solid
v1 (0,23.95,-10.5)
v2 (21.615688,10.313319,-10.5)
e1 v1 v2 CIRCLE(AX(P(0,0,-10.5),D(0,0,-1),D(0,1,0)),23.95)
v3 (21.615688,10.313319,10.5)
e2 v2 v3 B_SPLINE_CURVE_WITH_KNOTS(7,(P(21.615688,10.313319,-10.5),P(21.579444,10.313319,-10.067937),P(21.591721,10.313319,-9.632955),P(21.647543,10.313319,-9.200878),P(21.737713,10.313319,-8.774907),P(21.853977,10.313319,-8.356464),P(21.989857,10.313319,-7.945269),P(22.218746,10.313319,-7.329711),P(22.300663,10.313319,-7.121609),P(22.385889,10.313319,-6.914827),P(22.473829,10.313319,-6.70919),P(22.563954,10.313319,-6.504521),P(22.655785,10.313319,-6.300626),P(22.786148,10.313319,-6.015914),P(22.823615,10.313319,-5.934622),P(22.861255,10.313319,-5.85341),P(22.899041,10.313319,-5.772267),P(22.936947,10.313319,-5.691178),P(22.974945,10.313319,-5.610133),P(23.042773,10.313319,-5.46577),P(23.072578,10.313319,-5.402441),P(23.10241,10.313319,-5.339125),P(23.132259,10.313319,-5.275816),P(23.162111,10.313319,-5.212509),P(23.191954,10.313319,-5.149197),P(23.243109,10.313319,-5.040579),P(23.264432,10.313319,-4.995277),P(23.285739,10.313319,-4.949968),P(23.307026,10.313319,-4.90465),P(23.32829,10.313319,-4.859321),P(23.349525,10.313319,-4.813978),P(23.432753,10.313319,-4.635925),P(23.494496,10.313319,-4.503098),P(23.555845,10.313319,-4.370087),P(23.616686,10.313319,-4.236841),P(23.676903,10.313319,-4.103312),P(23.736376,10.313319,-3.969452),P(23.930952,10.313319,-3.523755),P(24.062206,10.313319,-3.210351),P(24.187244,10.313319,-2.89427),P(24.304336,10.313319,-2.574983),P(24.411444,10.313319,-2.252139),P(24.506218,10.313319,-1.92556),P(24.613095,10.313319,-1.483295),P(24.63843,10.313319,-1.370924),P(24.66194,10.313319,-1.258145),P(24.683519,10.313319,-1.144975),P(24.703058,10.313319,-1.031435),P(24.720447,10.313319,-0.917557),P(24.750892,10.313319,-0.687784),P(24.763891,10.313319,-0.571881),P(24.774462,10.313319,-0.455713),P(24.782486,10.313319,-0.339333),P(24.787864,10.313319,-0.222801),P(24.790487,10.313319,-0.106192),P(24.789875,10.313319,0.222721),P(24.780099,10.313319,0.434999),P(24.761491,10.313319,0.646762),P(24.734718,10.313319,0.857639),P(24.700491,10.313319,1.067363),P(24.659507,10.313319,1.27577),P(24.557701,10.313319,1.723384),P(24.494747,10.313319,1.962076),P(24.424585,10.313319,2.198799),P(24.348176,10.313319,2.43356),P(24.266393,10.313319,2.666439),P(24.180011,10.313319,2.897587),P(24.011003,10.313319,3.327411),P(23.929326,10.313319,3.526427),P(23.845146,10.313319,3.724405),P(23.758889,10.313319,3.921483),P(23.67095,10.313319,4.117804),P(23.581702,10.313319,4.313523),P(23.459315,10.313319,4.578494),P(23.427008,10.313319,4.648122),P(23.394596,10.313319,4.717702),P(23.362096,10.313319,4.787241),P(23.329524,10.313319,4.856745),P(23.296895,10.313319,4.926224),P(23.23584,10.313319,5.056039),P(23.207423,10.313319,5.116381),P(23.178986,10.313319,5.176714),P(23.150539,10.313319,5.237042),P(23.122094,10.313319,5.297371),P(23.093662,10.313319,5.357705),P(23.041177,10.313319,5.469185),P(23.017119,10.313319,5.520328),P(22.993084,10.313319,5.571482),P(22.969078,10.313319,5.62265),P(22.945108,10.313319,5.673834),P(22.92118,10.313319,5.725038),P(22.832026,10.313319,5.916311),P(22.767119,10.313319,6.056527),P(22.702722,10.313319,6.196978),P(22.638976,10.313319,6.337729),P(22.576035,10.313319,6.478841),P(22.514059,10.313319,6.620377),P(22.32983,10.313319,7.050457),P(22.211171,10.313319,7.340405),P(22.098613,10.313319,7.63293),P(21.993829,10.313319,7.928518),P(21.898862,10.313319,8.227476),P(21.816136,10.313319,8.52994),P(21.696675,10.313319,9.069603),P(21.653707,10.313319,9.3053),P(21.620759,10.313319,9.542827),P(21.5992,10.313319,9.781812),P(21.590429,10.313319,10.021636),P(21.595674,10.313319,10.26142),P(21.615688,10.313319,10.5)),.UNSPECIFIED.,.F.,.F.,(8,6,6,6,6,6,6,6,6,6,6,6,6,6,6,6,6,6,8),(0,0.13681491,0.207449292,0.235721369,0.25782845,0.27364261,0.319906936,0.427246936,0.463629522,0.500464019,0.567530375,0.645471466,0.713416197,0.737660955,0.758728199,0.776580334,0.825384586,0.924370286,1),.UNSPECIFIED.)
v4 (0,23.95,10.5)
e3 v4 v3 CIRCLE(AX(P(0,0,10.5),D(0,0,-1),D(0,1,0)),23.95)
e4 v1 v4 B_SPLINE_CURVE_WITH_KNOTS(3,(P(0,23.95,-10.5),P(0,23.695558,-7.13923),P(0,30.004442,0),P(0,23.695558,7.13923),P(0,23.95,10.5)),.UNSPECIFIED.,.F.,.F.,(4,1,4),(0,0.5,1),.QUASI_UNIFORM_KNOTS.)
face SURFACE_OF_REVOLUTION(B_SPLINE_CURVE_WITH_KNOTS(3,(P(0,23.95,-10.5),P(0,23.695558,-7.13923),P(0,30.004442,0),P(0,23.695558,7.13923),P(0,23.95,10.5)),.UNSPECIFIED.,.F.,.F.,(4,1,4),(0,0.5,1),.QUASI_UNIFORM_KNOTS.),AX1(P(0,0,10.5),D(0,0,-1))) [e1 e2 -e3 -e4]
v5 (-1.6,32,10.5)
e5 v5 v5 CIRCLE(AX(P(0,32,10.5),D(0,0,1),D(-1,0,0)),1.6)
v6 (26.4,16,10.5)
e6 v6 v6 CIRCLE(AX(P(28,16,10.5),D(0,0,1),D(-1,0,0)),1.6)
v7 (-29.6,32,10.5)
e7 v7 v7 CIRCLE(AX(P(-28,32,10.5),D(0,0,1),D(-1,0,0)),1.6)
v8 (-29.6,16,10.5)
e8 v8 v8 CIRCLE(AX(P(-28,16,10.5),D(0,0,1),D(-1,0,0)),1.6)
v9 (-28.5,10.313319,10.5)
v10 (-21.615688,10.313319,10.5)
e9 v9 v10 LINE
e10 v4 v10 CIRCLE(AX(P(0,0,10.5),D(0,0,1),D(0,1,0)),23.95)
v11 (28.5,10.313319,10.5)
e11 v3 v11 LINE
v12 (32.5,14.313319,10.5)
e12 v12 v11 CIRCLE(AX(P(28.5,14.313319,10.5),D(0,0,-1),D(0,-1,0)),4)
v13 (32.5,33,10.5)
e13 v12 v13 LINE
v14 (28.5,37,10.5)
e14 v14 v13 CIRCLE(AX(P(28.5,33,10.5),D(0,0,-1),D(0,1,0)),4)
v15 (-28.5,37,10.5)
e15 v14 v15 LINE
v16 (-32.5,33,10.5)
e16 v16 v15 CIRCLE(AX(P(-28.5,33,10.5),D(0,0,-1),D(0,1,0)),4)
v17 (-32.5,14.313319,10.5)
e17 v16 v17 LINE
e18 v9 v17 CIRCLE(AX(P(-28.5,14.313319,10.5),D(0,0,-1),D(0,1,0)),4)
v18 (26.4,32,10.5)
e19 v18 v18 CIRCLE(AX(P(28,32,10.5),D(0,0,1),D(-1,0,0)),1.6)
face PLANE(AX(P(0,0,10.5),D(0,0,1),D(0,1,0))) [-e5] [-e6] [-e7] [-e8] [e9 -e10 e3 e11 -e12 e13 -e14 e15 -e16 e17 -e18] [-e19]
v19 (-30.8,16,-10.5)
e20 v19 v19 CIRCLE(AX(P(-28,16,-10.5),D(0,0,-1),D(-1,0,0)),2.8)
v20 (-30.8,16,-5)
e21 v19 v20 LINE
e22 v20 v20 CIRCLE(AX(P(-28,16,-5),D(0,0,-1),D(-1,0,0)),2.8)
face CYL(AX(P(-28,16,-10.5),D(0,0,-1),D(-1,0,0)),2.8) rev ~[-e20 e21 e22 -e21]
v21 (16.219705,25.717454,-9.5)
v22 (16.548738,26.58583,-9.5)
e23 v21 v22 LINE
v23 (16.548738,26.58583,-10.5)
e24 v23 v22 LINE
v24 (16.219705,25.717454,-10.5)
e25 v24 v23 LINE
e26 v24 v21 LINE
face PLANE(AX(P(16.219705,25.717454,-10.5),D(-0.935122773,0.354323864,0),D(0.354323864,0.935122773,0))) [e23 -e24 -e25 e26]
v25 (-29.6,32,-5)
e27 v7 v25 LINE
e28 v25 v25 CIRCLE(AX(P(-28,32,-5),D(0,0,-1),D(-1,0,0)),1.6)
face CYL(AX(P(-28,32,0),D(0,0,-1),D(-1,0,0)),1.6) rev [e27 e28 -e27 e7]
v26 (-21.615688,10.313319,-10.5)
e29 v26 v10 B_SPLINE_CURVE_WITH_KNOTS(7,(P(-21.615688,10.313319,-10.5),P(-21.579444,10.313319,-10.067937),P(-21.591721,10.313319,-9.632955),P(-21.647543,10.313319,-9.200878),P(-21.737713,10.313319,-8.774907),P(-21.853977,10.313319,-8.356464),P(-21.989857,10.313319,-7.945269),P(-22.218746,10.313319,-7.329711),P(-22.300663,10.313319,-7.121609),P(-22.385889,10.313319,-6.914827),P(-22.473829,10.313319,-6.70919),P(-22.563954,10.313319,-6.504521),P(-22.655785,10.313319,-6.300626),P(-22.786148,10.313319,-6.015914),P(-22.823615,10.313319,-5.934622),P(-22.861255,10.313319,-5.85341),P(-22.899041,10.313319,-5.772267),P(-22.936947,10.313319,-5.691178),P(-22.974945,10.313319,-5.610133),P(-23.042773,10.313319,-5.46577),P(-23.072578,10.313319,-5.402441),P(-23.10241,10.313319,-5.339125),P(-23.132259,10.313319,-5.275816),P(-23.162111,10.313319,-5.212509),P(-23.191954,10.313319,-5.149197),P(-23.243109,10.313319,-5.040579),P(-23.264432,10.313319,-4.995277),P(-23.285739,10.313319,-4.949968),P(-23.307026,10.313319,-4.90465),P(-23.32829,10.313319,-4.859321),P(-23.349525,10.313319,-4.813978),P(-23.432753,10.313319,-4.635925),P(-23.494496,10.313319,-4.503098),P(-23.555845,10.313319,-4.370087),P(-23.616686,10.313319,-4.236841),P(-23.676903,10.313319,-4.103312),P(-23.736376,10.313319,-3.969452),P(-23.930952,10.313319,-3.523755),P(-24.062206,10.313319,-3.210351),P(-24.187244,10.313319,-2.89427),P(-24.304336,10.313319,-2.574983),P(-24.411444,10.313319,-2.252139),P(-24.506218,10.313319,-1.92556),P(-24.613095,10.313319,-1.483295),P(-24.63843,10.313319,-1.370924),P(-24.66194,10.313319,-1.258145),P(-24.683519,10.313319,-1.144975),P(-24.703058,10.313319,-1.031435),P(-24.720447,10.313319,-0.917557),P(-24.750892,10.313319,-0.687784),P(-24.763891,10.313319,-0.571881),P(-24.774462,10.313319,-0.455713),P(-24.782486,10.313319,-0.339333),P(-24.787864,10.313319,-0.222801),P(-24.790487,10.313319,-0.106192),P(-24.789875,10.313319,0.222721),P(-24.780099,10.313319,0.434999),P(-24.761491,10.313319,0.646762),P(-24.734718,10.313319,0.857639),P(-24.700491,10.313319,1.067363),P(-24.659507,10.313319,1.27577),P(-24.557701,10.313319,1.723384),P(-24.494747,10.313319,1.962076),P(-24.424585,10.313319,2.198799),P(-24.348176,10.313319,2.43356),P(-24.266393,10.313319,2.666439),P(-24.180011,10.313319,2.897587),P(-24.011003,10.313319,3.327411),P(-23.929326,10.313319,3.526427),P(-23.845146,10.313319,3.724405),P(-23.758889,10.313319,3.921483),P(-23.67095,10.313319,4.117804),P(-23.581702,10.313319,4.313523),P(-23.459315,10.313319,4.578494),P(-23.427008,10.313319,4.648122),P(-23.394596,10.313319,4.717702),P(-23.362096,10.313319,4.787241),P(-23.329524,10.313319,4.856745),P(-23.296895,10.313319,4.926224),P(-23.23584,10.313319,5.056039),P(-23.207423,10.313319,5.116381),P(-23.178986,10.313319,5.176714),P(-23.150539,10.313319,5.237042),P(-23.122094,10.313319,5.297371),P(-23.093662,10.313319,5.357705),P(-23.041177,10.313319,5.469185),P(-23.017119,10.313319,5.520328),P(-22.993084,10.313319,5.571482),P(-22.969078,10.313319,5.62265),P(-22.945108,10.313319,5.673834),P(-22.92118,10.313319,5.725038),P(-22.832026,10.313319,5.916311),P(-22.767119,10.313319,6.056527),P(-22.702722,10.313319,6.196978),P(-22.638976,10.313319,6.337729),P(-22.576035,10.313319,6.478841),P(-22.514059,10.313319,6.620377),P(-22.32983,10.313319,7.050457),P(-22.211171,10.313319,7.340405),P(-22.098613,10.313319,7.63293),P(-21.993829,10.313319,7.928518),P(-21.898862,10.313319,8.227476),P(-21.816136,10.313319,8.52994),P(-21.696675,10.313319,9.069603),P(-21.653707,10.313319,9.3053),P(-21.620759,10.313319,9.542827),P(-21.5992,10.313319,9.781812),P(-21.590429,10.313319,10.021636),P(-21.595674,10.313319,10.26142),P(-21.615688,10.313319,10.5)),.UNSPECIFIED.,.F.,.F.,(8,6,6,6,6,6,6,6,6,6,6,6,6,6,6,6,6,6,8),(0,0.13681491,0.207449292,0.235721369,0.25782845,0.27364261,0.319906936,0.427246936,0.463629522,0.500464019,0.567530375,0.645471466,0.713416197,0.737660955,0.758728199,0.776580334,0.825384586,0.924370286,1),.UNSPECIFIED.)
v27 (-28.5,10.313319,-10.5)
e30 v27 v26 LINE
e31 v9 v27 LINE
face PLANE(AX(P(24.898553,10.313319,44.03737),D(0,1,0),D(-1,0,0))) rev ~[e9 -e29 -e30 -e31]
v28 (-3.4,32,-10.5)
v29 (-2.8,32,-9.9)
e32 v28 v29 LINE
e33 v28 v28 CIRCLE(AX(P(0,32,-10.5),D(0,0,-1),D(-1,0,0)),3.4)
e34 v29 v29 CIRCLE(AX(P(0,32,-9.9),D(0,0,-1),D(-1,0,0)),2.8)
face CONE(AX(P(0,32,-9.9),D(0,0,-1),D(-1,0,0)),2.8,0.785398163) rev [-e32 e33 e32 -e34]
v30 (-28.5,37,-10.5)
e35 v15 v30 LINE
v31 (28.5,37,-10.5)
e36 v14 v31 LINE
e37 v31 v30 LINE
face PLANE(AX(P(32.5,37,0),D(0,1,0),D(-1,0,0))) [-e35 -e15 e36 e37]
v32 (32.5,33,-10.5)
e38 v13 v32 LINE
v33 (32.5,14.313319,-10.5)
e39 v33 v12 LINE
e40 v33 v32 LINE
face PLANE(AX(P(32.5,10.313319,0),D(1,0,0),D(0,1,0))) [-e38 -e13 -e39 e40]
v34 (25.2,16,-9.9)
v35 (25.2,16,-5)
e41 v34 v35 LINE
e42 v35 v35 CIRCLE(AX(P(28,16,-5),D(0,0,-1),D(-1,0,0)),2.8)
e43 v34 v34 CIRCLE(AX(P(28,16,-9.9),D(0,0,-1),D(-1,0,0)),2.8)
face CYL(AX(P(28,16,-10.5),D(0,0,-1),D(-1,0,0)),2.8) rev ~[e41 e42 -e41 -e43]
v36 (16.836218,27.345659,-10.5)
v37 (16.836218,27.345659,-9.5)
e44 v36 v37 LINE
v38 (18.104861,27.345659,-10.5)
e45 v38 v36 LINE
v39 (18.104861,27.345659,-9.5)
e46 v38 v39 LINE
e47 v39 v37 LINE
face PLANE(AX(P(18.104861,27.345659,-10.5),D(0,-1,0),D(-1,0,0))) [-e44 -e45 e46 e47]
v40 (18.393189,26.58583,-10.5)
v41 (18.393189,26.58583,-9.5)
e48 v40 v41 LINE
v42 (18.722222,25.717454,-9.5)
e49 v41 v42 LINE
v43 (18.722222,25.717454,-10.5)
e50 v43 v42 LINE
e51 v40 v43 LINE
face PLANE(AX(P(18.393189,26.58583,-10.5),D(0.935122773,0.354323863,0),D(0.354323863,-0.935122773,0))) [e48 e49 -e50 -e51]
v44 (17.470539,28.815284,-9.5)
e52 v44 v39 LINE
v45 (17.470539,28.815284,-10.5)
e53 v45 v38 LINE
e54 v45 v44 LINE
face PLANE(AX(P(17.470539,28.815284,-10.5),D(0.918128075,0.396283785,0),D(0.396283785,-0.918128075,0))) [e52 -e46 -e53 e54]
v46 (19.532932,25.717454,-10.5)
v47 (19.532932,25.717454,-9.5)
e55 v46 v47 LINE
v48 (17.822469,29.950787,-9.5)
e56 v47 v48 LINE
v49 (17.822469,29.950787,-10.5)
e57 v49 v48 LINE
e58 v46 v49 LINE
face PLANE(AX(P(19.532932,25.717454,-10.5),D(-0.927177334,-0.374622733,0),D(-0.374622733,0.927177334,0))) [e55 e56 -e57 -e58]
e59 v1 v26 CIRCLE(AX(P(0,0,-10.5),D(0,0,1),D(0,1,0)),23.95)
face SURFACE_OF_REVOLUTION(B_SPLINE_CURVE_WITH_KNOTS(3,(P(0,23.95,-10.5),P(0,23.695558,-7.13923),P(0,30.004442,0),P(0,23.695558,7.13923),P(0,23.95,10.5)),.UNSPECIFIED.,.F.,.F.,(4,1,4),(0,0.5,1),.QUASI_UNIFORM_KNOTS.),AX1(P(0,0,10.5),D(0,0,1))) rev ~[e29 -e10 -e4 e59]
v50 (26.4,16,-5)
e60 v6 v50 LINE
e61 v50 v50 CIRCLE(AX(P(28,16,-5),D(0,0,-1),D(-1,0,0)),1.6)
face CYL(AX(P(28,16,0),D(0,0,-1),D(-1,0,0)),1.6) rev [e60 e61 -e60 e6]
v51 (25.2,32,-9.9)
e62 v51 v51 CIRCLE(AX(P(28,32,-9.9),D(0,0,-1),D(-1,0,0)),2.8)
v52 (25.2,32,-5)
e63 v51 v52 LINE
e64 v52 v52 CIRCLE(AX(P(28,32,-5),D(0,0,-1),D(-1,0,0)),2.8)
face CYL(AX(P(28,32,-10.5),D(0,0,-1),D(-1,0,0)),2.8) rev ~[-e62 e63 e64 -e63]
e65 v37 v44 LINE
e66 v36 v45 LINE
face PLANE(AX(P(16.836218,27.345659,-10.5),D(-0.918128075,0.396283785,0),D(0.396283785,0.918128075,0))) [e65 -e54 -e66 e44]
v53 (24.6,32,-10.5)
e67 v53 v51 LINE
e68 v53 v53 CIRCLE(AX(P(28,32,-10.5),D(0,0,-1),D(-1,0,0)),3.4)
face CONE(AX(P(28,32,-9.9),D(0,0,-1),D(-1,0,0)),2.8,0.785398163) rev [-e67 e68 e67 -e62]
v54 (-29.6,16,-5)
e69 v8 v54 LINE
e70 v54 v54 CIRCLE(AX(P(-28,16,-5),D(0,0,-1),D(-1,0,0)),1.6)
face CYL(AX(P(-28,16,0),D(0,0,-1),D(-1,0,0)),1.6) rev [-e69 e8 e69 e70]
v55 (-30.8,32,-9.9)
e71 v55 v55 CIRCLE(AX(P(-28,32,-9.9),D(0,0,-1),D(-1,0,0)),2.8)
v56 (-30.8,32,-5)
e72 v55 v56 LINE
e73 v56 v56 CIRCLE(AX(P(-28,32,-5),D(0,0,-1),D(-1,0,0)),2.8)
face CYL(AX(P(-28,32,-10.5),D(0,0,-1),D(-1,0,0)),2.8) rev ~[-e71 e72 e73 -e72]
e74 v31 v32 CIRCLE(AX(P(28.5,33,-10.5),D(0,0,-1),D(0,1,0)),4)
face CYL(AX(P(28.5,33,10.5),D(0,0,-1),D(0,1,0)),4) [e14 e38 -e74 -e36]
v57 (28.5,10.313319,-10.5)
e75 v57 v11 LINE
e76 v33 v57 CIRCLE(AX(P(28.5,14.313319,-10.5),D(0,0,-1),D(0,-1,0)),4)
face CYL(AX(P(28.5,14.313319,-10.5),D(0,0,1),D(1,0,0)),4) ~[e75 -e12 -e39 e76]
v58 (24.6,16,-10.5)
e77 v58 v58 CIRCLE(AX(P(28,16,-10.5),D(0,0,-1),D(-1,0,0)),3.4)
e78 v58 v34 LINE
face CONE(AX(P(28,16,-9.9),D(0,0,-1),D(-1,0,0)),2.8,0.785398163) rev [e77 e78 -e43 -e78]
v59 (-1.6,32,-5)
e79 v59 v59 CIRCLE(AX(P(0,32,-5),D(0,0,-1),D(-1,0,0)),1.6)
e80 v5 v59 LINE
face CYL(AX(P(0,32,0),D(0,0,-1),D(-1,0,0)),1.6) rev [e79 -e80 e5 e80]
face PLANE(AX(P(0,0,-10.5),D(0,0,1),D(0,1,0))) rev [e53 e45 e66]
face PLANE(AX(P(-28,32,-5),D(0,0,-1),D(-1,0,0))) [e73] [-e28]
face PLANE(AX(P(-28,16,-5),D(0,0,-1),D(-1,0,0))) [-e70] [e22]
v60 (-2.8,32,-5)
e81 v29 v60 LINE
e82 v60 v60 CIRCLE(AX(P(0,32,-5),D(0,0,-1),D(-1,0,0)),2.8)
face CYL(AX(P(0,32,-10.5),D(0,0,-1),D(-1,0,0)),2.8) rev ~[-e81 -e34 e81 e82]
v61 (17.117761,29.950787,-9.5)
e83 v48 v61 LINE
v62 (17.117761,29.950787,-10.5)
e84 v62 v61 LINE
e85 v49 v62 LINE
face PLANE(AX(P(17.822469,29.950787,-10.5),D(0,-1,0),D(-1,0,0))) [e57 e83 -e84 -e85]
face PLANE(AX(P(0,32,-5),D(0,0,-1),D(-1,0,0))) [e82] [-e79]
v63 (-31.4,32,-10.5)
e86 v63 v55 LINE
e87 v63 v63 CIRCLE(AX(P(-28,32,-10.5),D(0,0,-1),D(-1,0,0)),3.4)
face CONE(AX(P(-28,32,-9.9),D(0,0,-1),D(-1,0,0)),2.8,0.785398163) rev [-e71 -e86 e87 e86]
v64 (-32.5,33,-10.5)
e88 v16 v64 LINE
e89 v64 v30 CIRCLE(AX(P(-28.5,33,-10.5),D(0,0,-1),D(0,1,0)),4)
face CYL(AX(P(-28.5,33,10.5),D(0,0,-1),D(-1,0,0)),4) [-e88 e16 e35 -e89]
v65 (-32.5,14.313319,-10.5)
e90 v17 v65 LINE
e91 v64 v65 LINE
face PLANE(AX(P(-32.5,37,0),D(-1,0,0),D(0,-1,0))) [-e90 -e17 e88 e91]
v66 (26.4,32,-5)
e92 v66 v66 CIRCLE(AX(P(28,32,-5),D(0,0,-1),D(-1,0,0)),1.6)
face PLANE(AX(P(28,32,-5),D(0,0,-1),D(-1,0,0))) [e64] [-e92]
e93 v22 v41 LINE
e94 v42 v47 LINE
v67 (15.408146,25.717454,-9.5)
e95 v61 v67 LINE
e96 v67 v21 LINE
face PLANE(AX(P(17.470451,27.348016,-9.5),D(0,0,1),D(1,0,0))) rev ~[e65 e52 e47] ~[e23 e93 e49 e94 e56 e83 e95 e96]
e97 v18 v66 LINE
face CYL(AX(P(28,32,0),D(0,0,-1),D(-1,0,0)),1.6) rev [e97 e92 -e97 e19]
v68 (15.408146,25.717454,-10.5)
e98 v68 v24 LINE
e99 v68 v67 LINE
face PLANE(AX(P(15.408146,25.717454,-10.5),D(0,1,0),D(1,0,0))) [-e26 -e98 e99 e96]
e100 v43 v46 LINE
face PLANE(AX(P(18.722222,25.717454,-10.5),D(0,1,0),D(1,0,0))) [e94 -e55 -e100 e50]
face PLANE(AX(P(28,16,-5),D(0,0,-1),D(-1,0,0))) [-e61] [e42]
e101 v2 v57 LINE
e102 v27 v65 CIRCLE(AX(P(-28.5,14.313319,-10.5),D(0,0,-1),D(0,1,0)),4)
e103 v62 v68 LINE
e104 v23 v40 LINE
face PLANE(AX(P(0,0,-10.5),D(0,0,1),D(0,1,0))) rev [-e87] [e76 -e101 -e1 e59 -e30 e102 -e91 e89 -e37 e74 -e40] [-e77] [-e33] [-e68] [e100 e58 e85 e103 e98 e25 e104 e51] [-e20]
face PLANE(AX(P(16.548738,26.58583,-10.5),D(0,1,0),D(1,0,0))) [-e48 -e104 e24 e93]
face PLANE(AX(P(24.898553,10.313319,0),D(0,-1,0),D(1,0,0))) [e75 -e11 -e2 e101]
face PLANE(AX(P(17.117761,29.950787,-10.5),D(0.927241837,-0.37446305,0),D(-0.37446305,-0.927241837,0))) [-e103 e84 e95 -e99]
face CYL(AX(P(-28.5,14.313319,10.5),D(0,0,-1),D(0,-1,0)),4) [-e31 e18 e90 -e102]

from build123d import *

# Parameters (mm, degrees)
SKETCH1_R                   = 1.6
BOSS_EXTRUDE1_DEPTH         = 10.5
FILLET1_R                   = 4
SKETCH4_R                   = 2.8
CUT_EXTRUDE1_DEPTH          = 5.5
CHAMFER3_SIZE               = 0.6
REVOLUCI_N1_ANGLE           = 67.5
REVOLUCI_N1_OTHER_WAY_ANGLE = 67.5
CORTAR_EXTRUIR3_DEPTH       = 1
CORTAR_EXTRUIR4_DEPTH       = 54.537370165
CORTAR_EXTRUIR4_DEPTH_BACK  = 54.537370165
CROQUIS6_W                  = 49.797106802
CROQUIS6_H                  = 15.102267028


with BuildPart() as part:
    # Sketch1 → Boss-Extrude1 (new, symmetric)
    with BuildSketch(Plane.XY):
        with BuildLine():
            Line((-32.5, 10.313318502), (-24.898553401, 10.313318502))
            ThreePointArc((-24.898553401, 10.313318502), (0, 26.95), (24.898553401, 10.313318502))
            Line((24.898553401, 10.313318502), (32.5, 10.313318502))
            Line((32.5, 10.313318502), (32.5, 37))
            Line((32.5, 37), (-32.5, 37))
            Line((-32.5, 37), (-32.5, 10.313318502))
        make_face()
        with Locations(Location((-28, 16, 0), (0, 0, 180))):
            Circle(SKETCH1_R, mode=Mode.SUBTRACT)
        with Locations(Location((-28, 32, 0), (0, 0, 180))):
            Circle(SKETCH1_R, mode=Mode.SUBTRACT)
        with Locations(Location((28, 16, 0), (0, 0, 180))):
            Circle(SKETCH1_R, mode=Mode.SUBTRACT)
        with Locations(Location((0, 32, 0), (0, 0, 180))):
            Circle(SKETCH1_R, mode=Mode.SUBTRACT)
        with Locations(Location((28, 32, 0), (0, 0, 180))):
            Circle(SKETCH1_R, mode=Mode.SUBTRACT)
    extrude(amount=BOSS_EXTRUDE1_DEPTH, both=True)

    # Fillet1
    fillet1_edges = [part.edges().sort_by_distance(p)[0] for p in [
        (-32.5, 10.313318502, 0),
        (-32.5, 37, 0),
        (32.5, 37, 0),
        (32.5, 10.313318502, 0),
    ]]
    fillet(fillet1_edges, radius=FILLET1_R)

    # Sketch4 → Cut-Extrude1 (cut)
    with BuildSketch(Plane(origin=(0, 0, -10.5), x_dir=(-1, 0, 0), z_dir=(0, 0, -1))):
        with Locations((-28, 32)):
            Circle(SKETCH4_R)
        with Locations((0, 32)):
            Circle(SKETCH4_R)
        with Locations((28, 32)):
            Circle(SKETCH4_R)
        with Locations((-28, 16)):
            Circle(SKETCH4_R)
        with Locations((28, 16)):
            Circle(SKETCH4_R)
    extrude(amount=-CUT_EXTRUDE1_DEPTH, mode=Mode.SUBTRACT)

    # Chamfer3
    chamfer3_edges = [part.edges().sort_by_distance(p)[0] for p in [
        (30.8, 16, -10.5),
        (-25.2, 32, -10.5),
        (2.8, 32, -10.5),
        (30.8, 32, -10.5),
    ]]
    chamfer(chamfer3_edges, length=CHAMFER3_SIZE)

    # Croquis1 → Revolución1 (revolve)
    with BuildSketch(Plane(origin=(0, 0, 0), x_dir=(0, 0, -1), z_dir=(1, 0, 0))):
        with BuildLine():
            Line((10.5, 26.95), (-10.5, 26.95))
            Line((-10.5, 26.95), (-10.5, 23.95))
            add(Edge.make_bspline(
                [(10.5, 23.95), (7.13922955, 23.695558229), (0, 30.004441771), (-7.13922955, 23.695558229), (-10.5, 23.95)],
                knots=[0, 0, 0, 0, 0.5, 1, 1, 1, 1], degree=3))
            Line((10.5, 23.95), (10.5, 26.95))
        make_face()
    revolve(axis=Axis((0, 0, 10.5), (0, 0, -1)), revolution_arc=REVOLUCI_N1_ANGLE)

    # Croquis1 → Revolución1 other way (revolve)
    with BuildSketch(Plane(origin=(0, 0, 0), x_dir=(0, 0, -1), z_dir=(1, 0, 0))):
        with BuildLine():
            Line((10.5, 26.95), (-10.5, 26.95))
            Line((-10.5, 26.95), (-10.5, 23.95))
            add(Edge.make_bspline(
                [(10.5, 23.95), (7.13922955, 23.695558229), (0, 30.004441771), (-7.13922955, 23.695558229), (-10.5, 23.95)],
                knots=[0, 0, 0, 0, 0.5, 1, 1, 1, 1], degree=3))
            Line((10.5, 23.95), (10.5, 26.95))
        make_face()
    revolve(axis=Axis((0, 0, 10.5), (0, 0, 1)), revolution_arc=REVOLUCI_N1_OTHER_WAY_ANGLE)

    # Croquis5 → Cortar-Extruir3 (cut)
    with BuildSketch(Plane(origin=(0, 0, -10.5), x_dir=(-1, 0, 0), z_dir=(0, 0, -1))):
        Polygon((-17.822469022, 29.950787399), (-17.11776149, 29.950787399), (-15.408146105, 25.717454066), (-16.219704599, 25.717454066), (-16.548737719, 26.585830134), (-18.393188841, 26.585830134), (-18.72222196, 25.717454066), (-19.53293243, 25.717454066), align=None)
        Polygon((-17.470539268, 28.815283927), (-18.104860849, 27.345659194), (-16.836217687, 27.345659194), align=None, mode=Mode.SUBTRACT)
    extrude(amount=-CORTAR_EXTRUIR3_DEPTH, mode=Mode.SUBTRACT)

    # Croquis6 → Cortar-Extruir4 (cut, two sides: drawn at the far end of the back side and taken through both)
    with BuildSketch(Plane(origin=(0, 0, -10.5), x_dir=(-1, 0, 0), z_dir=(0, 0, -1)).offset(-CORTAR_EXTRUIR4_DEPTH_BACK)):
        with Locations((0, 2.762184988)):
            Rectangle(CROQUIS6_W, CROQUIS6_H)
    extrude(amount=CORTAR_EXTRUIR4_DEPTH + CORTAR_EXTRUIR4_DEPTH_BACK, mode=Mode.SUBTRACT)


solid = part.part
